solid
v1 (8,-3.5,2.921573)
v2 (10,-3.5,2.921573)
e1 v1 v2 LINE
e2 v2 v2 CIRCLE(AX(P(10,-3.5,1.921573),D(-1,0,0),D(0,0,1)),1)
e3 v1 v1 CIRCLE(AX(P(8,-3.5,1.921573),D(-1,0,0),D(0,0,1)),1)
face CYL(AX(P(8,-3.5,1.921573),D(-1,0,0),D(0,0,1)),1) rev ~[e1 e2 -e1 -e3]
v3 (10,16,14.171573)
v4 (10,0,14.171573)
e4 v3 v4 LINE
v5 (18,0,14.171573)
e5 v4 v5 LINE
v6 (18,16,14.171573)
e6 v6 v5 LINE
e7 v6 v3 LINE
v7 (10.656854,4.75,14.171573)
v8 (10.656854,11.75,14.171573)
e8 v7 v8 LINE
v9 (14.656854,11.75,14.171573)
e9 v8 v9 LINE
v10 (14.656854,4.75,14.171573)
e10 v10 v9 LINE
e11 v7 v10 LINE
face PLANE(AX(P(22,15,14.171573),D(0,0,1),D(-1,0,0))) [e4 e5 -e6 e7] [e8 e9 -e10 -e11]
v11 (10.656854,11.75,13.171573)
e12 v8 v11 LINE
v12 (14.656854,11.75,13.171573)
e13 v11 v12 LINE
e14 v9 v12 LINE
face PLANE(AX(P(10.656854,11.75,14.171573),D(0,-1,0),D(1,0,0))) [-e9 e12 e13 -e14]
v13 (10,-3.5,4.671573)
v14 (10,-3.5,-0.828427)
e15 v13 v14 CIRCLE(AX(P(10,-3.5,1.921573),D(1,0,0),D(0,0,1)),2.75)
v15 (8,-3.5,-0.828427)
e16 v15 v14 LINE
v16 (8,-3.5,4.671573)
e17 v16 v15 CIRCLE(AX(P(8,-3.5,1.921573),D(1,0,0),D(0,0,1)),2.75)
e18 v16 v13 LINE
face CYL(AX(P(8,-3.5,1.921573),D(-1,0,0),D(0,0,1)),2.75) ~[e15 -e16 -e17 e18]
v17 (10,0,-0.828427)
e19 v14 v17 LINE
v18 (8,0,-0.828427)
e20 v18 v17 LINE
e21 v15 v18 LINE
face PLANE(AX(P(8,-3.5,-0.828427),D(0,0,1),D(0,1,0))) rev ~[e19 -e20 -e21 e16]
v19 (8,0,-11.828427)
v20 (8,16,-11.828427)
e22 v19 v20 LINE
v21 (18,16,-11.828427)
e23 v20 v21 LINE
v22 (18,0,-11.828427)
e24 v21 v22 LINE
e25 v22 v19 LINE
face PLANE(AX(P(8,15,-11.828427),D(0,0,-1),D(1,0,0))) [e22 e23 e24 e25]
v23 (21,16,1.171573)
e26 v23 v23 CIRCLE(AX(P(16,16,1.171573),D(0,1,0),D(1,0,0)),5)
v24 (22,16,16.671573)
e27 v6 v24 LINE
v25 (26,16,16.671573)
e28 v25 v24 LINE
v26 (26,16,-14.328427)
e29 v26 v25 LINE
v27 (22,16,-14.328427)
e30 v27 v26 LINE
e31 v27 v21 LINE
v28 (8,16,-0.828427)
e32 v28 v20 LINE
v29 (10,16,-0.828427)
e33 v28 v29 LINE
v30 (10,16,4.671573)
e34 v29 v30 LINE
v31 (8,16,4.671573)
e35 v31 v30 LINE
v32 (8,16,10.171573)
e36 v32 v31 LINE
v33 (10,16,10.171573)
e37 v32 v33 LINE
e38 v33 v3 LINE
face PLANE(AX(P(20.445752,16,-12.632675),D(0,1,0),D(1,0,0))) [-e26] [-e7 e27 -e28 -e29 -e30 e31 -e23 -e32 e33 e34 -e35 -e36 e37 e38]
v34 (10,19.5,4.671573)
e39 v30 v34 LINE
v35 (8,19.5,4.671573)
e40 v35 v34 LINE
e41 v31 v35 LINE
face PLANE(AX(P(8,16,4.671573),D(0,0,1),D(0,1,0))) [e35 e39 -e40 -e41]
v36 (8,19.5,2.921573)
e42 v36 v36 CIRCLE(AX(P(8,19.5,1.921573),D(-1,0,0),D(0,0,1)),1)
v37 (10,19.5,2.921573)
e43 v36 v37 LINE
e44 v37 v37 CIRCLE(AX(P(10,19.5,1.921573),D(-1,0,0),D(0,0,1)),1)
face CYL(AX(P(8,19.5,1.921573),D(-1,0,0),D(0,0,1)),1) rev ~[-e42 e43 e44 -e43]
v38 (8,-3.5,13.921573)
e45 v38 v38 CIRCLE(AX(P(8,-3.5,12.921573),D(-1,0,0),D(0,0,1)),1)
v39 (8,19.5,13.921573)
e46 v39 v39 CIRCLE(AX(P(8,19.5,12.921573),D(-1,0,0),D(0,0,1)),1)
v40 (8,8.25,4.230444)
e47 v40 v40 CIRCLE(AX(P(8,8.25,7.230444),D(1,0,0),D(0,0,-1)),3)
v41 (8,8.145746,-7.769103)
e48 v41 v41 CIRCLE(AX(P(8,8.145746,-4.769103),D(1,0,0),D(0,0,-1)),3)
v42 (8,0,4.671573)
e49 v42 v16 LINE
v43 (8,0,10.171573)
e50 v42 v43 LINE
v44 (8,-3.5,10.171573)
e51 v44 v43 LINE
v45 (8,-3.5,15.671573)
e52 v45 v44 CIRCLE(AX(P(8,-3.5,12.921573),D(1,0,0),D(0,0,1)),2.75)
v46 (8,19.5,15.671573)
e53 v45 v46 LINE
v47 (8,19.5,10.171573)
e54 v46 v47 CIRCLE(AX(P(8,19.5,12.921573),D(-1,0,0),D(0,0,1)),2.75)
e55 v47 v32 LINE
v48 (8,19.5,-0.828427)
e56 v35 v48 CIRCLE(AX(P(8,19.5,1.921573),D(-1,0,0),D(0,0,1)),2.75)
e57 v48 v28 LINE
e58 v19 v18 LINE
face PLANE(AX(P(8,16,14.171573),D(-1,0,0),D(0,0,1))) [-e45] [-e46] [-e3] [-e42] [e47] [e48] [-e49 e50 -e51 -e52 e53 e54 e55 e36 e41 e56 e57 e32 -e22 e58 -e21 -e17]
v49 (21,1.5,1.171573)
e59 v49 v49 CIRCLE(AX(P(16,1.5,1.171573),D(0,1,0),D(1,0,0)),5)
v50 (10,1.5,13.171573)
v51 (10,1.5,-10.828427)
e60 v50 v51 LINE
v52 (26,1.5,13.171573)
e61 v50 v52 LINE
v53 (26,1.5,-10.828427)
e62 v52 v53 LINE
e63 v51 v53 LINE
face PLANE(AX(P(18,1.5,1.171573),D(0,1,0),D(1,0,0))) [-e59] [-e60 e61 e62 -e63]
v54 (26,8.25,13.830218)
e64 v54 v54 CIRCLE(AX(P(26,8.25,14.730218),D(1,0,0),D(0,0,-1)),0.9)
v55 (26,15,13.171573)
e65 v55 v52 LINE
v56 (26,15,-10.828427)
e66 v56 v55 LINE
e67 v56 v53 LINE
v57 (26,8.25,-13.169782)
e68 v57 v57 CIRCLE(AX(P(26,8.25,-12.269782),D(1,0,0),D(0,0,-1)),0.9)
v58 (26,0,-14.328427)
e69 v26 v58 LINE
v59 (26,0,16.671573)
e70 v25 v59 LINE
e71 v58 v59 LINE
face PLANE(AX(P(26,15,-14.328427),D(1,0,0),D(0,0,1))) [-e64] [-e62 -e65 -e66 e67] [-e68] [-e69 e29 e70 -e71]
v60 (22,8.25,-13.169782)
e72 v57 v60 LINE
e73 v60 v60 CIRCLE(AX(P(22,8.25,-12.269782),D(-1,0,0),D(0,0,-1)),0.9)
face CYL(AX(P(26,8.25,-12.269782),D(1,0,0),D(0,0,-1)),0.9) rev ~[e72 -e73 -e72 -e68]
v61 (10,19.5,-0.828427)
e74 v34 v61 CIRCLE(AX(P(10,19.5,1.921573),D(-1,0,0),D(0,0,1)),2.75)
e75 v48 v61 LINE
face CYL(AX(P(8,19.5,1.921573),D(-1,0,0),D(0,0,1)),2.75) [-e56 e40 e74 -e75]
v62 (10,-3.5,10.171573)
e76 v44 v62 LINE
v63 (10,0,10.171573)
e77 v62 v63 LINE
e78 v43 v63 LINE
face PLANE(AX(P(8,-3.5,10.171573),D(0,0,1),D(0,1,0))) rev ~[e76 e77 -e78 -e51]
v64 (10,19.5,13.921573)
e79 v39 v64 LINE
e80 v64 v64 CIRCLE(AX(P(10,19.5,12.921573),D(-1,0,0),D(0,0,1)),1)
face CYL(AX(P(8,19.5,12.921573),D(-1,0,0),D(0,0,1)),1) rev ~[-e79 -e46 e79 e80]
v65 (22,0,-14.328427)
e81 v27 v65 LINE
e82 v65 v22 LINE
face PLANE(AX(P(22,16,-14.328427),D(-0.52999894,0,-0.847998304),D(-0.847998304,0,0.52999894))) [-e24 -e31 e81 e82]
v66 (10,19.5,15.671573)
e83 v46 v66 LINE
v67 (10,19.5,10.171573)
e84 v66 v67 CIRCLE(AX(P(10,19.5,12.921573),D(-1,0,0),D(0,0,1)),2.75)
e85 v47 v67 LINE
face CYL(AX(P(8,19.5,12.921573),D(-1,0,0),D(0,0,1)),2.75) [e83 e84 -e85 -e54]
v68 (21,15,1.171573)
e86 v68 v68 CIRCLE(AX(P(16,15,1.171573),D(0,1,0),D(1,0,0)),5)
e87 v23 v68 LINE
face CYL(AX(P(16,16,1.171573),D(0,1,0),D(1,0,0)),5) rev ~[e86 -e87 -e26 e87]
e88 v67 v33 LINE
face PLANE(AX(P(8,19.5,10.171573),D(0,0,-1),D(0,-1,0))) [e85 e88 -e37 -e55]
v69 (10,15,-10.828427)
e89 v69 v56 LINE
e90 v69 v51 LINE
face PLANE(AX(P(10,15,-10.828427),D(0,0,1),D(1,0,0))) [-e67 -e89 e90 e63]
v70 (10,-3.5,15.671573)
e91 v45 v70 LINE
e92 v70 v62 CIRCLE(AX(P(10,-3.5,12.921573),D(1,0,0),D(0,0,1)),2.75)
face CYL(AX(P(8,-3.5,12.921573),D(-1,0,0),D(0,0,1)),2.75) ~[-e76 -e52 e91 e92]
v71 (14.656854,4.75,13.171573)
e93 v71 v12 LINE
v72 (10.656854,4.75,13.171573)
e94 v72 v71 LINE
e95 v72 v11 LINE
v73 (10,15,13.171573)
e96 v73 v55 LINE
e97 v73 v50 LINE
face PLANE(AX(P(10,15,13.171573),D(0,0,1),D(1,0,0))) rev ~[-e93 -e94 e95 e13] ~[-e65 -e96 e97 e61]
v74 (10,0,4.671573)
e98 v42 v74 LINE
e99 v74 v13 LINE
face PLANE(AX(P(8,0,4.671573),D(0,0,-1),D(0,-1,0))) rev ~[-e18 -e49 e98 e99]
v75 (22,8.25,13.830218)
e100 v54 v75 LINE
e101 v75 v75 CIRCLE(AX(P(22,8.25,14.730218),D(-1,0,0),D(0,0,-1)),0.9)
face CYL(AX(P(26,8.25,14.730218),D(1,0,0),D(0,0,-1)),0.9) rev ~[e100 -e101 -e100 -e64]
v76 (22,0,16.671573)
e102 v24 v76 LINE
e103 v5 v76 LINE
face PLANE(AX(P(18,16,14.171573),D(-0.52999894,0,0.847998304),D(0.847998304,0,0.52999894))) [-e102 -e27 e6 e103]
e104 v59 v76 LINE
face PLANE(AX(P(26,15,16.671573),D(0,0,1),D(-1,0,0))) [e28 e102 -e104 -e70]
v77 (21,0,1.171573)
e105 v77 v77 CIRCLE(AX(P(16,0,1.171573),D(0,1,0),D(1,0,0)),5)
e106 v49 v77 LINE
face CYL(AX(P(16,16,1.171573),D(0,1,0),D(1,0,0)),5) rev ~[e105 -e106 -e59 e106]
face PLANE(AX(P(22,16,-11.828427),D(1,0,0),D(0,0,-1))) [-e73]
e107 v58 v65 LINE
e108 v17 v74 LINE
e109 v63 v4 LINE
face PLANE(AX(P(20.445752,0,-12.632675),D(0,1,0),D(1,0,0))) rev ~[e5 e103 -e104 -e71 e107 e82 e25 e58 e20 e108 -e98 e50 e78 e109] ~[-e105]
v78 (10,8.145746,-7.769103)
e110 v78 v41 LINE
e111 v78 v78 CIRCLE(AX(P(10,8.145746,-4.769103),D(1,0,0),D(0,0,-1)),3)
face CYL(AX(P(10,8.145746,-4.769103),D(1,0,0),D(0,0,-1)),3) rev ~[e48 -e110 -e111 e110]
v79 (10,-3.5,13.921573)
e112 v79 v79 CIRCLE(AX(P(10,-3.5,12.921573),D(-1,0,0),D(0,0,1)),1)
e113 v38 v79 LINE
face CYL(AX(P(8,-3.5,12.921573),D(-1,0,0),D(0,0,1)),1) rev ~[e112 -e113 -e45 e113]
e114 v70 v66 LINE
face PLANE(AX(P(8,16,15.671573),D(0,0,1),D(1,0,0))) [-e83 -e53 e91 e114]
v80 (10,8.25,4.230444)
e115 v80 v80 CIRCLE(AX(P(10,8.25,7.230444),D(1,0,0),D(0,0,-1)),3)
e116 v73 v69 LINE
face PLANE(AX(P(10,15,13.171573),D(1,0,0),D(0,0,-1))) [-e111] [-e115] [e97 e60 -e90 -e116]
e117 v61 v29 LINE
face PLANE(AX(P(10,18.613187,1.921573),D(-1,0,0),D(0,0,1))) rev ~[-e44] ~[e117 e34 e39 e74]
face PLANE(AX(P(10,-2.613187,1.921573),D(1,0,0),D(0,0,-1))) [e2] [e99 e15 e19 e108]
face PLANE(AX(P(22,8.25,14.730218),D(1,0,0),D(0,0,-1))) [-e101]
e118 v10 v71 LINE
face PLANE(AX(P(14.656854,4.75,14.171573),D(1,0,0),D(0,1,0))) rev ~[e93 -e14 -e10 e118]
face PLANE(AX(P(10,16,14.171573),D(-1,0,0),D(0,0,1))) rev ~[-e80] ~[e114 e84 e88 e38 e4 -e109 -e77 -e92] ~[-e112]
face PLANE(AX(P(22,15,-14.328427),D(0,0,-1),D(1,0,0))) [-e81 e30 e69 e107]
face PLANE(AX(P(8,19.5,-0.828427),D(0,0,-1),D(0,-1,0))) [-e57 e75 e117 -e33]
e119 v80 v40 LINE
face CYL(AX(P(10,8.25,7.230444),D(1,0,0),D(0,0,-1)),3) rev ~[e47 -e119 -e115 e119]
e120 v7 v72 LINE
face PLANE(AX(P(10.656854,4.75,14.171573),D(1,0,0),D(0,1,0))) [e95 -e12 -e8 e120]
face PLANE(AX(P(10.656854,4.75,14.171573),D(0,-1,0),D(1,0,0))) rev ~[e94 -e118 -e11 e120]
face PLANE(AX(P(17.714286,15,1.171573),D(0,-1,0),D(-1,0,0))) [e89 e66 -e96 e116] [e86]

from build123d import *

# Parameters (mm, degrees)
P_IDAT_VYSUNUT_M1_DEPTH   = 15
P_IDAT_VYSUNUT_M2_DEPTH   = 15
SKICA10_W                 = 16
SKICA10_H                 = 24
ODEBRAT_VYSUNUT_M7_DEPTH  = 13.5
SKICA11_W                 = 2.5
SKICA11_H                 = 15
P_IDAT_VYSUNUT_M3_DEPTH   = 4
SKICA12_R                 = 0.9
ODEBRAT_VYSUNUT_M8_DEPTH  = 4
SKICA13_W                 = 4
SKICA13_H                 = 7
ODEBRAT_VYSUNUT_M9_DEPTH  = 4
SKICA17_W                 = 38.25
SKICA17_H                 = 32.5
ODEBRAT_VYSUNUT_M10_DEPTH = 16
P_IDAT_VYSUNUT_M4_DEPTH   = 1
SKICA20_R                 = 1
P_IDAT_VYSUNUT_M5_DEPTH   = 2
SKICA21_R                 = 5
ODEBRAT_VYSUNUT_M11_DEPTH = 22
LINPOLE1_COUNT            = 2
LINPOLE1_PITCH            = 11
SKICA22_R                 = 3
ODEBRAT_VYSUNUT_M12_DEPTH = 5
P_IDAT_VYSUNUT_M6_DEPTH   = 16
SKICA24_W                 = 2
SKICA24_H                 = 1.5
P_IDAT_VYSUNUT_M7_DEPTH   = 16


with BuildPart() as part:
    # Skica1 → Přidat vysunutím1 (new body)
    with BuildSketch(Plane(origin=(0, 0, 0), x_dir=(1, 0, 0), z_dir=(0, 1, 0))):
        Polygon((0, -11), (0, 11), (-3.25, 14.25), (-30.25, 14.25), (-30.25, 16.25), (-2.421572875, 16.25), (2, 11.828427125), (2, -11.828427125), (-2.421572875, -16.25), (-30.25, -16.25), (-30.25, -14.25), (-3.25, -14.25), align=None)
    extrude(amount=P_IDAT_VYSUNUT_M1_DEPTH)

    # Skica8 → Přidat vysunutím2 (add)
    with BuildSketch(Plane.XZ):
        Polygon((-0.343145751, 14.171572875), (26, 14.171572875), (26, -11.828427125), (2, -11.828427125), (2, 11.828427125), align=None)
    extrude(amount=-P_IDAT_VYSUNUT_M2_DEPTH)

    # Skica10 → Odebrat vysunutím7 (cut)
    with BuildSketch(Plane(origin=(0, 15, 0), x_dir=(1, 0, 0), z_dir=(0, 1, 0))):
        with Locations((18, -1.171572875)):
            Rectangle(SKICA10_W, SKICA10_H)
    extrude(amount=-ODEBRAT_VYSUNUT_M7_DEPTH, mode=Mode.SUBTRACT)

    # Skica11 → Přidat vysunutím3 (add)
    with BuildSketch(Plane(origin=(26, 0, 0), x_dir=(0, 0, -1), z_dir=(1, 0, 0))):
        with Locations((-15.421572875, 7.5)):
            Rectangle(SKICA11_W, SKICA11_H)
        with Locations((13.078427125, 7.5)):
            Rectangle(SKICA11_W, SKICA11_H)
    extrude(amount=-P_IDAT_VYSUNUT_M3_DEPTH)

    # Skica12 → Odebrat vysunutím8 (cut)
    with BuildSketch(Plane(origin=(26, 0, 0), x_dir=(0, 0, -1), z_dir=(1, 0, 0))):
        with Locations((-14.730217843, 8.25)):
            Circle(SKICA12_R)
        with Locations((12.269782157, 8.25)):
            Circle(SKICA12_R)
    extrude(amount=-ODEBRAT_VYSUNUT_M8_DEPTH, mode=Mode.SUBTRACT)

    # Skica13 → Odebrat vysunutím9 (cut)
    with BuildSketch(Plane.XY.offset(14.171572875)):
        with Locations((12.656854249, 8.25)):
            Rectangle(SKICA13_W, SKICA13_H)
    extrude(amount=-ODEBRAT_VYSUNUT_M9_DEPTH, mode=Mode.SUBTRACT)

    # Skica17 → Odebrat vysunutím10 (cut, through all)
    with BuildSketch(Plane(origin=(0, 15, 0), x_dir=(1, 0, 0), z_dir=(0, 1, 0))):
        with Locations((-11.125, 0)):
            Rectangle(SKICA17_W, SKICA17_H)
    extrude(amount=-ODEBRAT_VYSUNUT_M10_DEPTH, mode=Mode.SUBTRACT)

    # Skica19 → Přidat vysunutím4 (add)
    with BuildSketch(Plane(origin=(0, 15, 0), x_dir=(1, 0, 0), z_dir=(0, 1, 0))):
        Polygon((8, 11.828427125), (22, 11.828427125), (22, 14.328427125), (26, 14.328427125), (26, -16.671572875), (22, -16.671572875), (22, -14.171572875), (8, -14.171572875), align=None)
    extrude(amount=P_IDAT_VYSUNUT_M4_DEPTH)

    # Skica20 → Přidat vysunutím5 (add)
    with BuildSketch(Plane.ZY.offset(-8)):
        with BuildLine():
            Line((10.171572875, -3.5), (10.171572875, 0))
            Line((10.171572875, 0), (15.671572875, 0))
            Line((15.671572875, 0), (15.671572875, -3.5))
            ThreePointArc((15.671572875, -3.5), (12.921572875, -6.25), (10.171572875, -3.5))
        make_face()
        with Locations((12.921572875, -3.5)):
            Circle(SKICA20_R, mode=Mode.SUBTRACT)
        with BuildLine():
            Line((10.171572875, 16), (15.671572875, 16))
            Line((15.671572875, 16), (15.671572875, 19.5))
            ThreePointArc((15.671572875, 19.5), (12.921572875, 22.25), (10.171572875, 19.5))
            Line((10.171572875, 19.5), (10.171572875, 16))
        make_face()
        with Locations((12.921572875, 19.5)):
            Circle(SKICA20_R, mode=Mode.SUBTRACT)
    p_idat_vysunut_m5 = extrude(amount=-P_IDAT_VYSUNUT_M5_DEPTH)

    # Skica21 → Odebrat vysunutím11 (cut)
    with BuildSketch(Plane(origin=(0, 16, 0), x_dir=(1, 0, 0), z_dir=(0, 1, 0))):
        with Locations((16, -1.171572875)):
            Circle(SKICA21_R)
    extrude(amount=-ODEBRAT_VYSUNUT_M11_DEPTH, mode=Mode.SUBTRACT)

    # LinPole1: Přidat vysunutím5 ×2
    with Locations(*[(0, 0, -i * LINPOLE1_PITCH) for i in range(1, LINPOLE1_COUNT)]):
        add(p_idat_vysunut_m5)

    # Skica22 → Odebrat vysunutím12 (cut)
    with BuildSketch(Plane(origin=(10, 0, 0), x_dir=(0, 0, -1), z_dir=(1, 0, 0))):
        with Locations((-7.230444291, 8.25)):
            Circle(SKICA22_R)
        with Locations((4.769102832, 8.145746213)):
            Circle(SKICA22_R)
    extrude(amount=-ODEBRAT_VYSUNUT_M12_DEPTH, mode=Mode.SUBTRACT)

    # Skica23 → Přidat vysunutím6 (add)
    with BuildSketch(Plane(origin=(0, 16, 0), x_dir=(1, 0, 0), z_dir=(0, 1, 0))):
        Polygon((22, 14.328427125), (18, 11.828427125), (22, 11.828427125), align=None)
        Polygon((22, -14.171572875), (18, -14.171572875), (22, -16.671572875), align=None)
    extrude(amount=-P_IDAT_VYSUNUT_M6_DEPTH)

    # Skica24 → Přidat vysunutím7 (add)
    with BuildSketch(Plane.XZ.offset(-16)):
        with Locations((9, 14.921572875)):
            Rectangle(SKICA24_W, SKICA24_H)
    extrude(amount=P_IDAT_VYSUNUT_M7_DEPTH)


solid = part.part
